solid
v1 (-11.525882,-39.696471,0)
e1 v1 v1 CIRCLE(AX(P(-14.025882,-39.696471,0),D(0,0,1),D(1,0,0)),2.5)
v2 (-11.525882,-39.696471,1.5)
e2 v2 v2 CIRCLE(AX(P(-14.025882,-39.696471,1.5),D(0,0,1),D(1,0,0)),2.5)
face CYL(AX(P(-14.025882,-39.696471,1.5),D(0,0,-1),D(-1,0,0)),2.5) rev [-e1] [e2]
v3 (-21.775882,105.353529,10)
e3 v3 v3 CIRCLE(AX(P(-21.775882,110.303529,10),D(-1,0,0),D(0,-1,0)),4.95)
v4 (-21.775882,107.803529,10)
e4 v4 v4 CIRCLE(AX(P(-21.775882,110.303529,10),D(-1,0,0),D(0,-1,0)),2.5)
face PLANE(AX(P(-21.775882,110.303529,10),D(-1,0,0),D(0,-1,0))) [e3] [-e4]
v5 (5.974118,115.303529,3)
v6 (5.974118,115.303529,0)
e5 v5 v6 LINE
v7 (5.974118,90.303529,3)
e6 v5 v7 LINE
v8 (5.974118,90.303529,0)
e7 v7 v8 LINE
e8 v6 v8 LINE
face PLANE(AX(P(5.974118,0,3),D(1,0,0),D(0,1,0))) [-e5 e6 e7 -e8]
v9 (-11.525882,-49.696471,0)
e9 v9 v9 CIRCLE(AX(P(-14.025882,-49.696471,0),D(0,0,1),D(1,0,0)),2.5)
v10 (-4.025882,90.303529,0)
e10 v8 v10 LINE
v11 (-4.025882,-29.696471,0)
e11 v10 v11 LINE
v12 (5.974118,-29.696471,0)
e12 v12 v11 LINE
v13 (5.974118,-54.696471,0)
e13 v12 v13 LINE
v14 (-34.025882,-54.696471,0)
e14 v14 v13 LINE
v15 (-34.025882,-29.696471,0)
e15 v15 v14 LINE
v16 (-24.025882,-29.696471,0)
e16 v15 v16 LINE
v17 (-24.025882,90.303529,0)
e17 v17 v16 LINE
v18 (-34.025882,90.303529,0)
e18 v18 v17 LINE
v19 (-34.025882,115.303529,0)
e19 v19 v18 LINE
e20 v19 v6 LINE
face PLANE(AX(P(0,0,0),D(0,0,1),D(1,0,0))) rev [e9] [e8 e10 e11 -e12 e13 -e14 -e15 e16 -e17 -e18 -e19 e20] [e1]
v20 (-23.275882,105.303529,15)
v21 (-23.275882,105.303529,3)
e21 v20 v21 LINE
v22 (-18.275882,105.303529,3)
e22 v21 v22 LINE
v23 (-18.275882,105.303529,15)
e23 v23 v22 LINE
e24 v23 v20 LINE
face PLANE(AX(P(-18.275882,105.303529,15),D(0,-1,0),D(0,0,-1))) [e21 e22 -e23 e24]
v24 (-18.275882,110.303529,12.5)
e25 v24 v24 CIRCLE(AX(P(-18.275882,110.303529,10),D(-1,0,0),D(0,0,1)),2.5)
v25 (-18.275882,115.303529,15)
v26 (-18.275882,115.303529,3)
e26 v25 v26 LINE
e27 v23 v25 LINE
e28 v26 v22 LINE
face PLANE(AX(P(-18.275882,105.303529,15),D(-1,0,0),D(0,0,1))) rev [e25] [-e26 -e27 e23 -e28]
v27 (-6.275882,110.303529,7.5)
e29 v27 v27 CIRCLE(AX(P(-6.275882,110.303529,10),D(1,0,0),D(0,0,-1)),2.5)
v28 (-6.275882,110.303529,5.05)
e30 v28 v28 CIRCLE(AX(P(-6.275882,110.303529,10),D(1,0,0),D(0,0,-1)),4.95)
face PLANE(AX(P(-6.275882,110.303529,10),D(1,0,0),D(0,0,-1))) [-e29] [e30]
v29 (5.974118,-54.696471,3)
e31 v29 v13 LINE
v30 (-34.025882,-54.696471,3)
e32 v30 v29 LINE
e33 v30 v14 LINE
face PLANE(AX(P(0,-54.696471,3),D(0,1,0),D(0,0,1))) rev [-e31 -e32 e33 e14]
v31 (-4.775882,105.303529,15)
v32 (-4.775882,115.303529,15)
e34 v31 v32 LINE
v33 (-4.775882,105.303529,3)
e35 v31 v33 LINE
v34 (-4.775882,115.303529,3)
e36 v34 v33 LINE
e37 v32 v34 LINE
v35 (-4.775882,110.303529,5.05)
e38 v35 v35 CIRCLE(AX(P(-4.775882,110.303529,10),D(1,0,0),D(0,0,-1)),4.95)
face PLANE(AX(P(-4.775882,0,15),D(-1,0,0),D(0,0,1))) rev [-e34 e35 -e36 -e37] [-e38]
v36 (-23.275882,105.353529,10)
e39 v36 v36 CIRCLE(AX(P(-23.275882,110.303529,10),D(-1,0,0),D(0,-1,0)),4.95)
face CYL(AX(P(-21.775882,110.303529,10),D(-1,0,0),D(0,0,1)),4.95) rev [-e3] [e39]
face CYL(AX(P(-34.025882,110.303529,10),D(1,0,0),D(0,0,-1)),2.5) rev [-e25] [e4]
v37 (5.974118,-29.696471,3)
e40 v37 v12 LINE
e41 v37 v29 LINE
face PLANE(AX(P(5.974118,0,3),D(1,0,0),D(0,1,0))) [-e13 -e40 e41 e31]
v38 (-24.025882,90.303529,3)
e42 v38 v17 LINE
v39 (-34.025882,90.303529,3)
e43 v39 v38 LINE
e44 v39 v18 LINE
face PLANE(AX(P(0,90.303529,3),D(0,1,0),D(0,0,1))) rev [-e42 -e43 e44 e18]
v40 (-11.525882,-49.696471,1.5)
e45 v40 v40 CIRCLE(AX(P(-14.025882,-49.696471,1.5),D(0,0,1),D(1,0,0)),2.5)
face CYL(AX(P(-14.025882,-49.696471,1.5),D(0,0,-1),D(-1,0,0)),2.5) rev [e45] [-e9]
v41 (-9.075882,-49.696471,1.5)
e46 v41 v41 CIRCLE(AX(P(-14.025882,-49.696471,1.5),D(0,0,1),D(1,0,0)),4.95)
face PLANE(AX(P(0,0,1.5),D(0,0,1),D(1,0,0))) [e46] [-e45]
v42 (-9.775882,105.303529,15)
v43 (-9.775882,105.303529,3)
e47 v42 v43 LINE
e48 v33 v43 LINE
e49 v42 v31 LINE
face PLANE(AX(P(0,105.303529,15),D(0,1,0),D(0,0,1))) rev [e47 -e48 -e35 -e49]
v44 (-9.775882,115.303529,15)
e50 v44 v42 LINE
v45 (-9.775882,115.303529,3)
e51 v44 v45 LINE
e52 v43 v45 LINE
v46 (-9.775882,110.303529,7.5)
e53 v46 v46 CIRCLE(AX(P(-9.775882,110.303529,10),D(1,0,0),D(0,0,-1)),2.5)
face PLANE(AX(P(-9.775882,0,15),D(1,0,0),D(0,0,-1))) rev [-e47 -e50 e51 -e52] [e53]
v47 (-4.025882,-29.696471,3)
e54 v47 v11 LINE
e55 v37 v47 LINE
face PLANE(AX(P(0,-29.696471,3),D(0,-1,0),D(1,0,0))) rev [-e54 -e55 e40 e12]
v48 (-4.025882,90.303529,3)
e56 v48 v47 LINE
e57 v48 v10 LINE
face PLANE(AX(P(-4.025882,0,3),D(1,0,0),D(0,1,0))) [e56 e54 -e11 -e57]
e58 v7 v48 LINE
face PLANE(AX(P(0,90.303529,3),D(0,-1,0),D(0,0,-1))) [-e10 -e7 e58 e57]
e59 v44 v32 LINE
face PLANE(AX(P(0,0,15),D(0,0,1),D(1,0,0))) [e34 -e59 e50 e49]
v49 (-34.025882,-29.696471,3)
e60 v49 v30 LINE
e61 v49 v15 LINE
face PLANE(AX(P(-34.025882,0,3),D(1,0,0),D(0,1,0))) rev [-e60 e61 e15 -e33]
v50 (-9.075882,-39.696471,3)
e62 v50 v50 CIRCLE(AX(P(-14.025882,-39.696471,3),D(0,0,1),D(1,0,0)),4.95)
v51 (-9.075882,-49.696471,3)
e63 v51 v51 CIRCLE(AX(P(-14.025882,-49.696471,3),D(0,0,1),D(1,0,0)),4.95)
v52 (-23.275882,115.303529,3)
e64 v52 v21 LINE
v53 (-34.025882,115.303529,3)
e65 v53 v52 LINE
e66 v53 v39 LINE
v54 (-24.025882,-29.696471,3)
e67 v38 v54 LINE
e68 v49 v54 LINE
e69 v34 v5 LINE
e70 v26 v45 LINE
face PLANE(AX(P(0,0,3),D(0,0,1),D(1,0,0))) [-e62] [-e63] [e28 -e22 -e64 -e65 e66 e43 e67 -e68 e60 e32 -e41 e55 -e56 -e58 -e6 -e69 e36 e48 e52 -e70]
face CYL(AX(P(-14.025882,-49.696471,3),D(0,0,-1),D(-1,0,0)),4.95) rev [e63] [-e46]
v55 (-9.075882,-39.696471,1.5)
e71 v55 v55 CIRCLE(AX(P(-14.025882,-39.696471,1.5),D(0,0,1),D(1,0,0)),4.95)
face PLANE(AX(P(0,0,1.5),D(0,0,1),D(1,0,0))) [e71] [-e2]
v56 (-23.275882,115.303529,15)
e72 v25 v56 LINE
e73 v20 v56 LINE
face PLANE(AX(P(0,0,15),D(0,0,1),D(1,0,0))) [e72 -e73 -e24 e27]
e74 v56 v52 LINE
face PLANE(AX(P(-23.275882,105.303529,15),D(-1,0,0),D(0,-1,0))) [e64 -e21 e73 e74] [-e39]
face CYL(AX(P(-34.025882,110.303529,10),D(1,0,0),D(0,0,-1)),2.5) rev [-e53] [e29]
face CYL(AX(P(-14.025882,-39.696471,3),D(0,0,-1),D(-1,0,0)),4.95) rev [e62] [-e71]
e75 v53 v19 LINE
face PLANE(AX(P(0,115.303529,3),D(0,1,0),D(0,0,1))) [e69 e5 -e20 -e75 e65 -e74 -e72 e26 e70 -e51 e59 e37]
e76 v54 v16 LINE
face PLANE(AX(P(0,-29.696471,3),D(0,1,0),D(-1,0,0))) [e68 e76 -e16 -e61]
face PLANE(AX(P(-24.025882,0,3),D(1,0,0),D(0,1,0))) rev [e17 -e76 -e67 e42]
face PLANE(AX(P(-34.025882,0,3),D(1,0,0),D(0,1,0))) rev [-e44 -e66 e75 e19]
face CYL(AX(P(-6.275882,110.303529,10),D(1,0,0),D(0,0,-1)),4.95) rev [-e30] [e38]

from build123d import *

# Parameters (mm, degrees)
SKETCH1_R             = 4.95
SKETCH1_W             = 5
SKETCH1_H             = 10
SKETCH1_W_2           = 8.5
BODY_DEPTH            = 3
SKETCH1_3_R           = 4.95
SKETCH1_3_R_2         = 2.5
MOUNT_INSETS_DEPTH    = 1.5
SKETCH1_5_W           = 5
SKETCH1_5_H           = 10
HINGE_DEPTH           = 15
SKETCH2_R             = 4.95
SKETCH2_R_2           = 2.5
HINGE_INSET_DEPTH     = 1.5
HINGE_START           = -17
SKETCH2_2_R           = 4.95
SKETCH2_2_R_2         = 2.5
HINGE_INSET2_DEPTH    = 1.5
SKETCH2_3_R           = 2.5
HINGE_SCREWHOLE_DEPTH = 120.897733068


with BuildPart() as part:
    # Sketch1 → Body (new body)
    # profile 1 of 4: a face of its own
    with BuildSketch(Plane.XY):
        Polygon((-23.27588231, 115.303529412), (-34.02588231, 115.303529412), (-34.02588231, 90.303529412), (-24.02588231, 90.303529412), (-24.02588231, -29.696470588), (-34.02588231, -29.696470588), (-34.02588231, -54.696470588), (5.97411769, -54.696470588), (5.97411769, -29.696470588), (-4.02588231, -29.696470588), (-4.02588231, 90.303529412), (5.97411769, 90.303529412), (5.97411769, 115.303529412), (-4.77588231, 115.303529412), (-4.77588231, 105.303529412), (-9.77588231, 105.303529412), (-18.27588231, 105.303529412), (-23.27588231, 105.303529412), align=None)
        with Locations((-14.02588231, -49.696470588)):
            Circle(SKETCH1_R, mode=Mode.SUBTRACT)
        with Locations((-14.02588231, -39.696470588)):
            Circle(SKETCH1_R, mode=Mode.SUBTRACT)
    # profile 2 of 4: a face of its own
    with BuildSketch(Plane.XY):
        with Locations((-20.77588231, 110.303529412)):
            Rectangle(SKETCH1_W, SKETCH1_H)
    # profile 3 of 4: a face of its own
    with BuildSketch(Plane.XY):
        with Locations((-14.02588231, 110.303529412)):
            Rectangle(SKETCH1_W_2, SKETCH1_H)
    # profile 4 of 4: a face of its own
    with BuildSketch(Plane.XY):
        with Locations((-7.27588231, 110.303529412)):
            Rectangle(SKETCH1_W, SKETCH1_H)
    extrude(amount=BODY_DEPTH)

    # Sketch1<3> → Mount Insets (add)
    # profile 1 of 2: a face of its own
    with BuildSketch(Plane.XY):
        with Locations((-14.02588231, -39.696470588)):
            Circle(SKETCH1_3_R)
        with Locations((-14.02588231, -39.696470588)):
            Circle(SKETCH1_3_R_2, mode=Mode.SUBTRACT)
    # profile 2 of 2: a face of its own
    with BuildSketch(Plane.XY):
        with Locations((-14.02588231, -49.696470588)):
            Circle(SKETCH1_3_R)
        with Locations((-14.02588231, -49.696470588)):
            Circle(SKETCH1_3_R_2, mode=Mode.SUBTRACT)
    extrude(amount=MOUNT_INSETS_DEPTH)

    # Sketch1<5> → Hinge (add)
    with BuildSketch(Plane.XY):
        with Locations((-7.27588231, 110.303529412)):
            Rectangle(SKETCH1_5_W, SKETCH1_5_H)
        with Locations((-20.77588231, 110.303529412)):
            Rectangle(SKETCH1_5_W, SKETCH1_5_H)
    extrude(amount=HINGE_DEPTH)

    # Sketch2 → Hinge Inset (cut)
    with BuildSketch(Plane(origin=(-4.77588231, 0, 0), x_dir=(0, 0, -1), z_dir=(1, 0, 0))):
        with Locations((-10, 110.303529412)):
            Circle(SKETCH2_R)
        with Locations((-10, 110.303529412)):
            Circle(SKETCH2_R_2, mode=Mode.SUBTRACT)
    extrude(amount=-HINGE_INSET_DEPTH, mode=Mode.SUBTRACT)

    # Sketch2<2> → Hinge Inset2 (cut)
    with BuildSketch(Plane(origin=(-4.77588231, 0, 0), x_dir=(0, 0, -1), z_dir=(1, 0, 0)).offset(HINGE_START)):
        with Locations((-10, 110.303529412)):
            Circle(SKETCH2_2_R)
        with Locations((-10, 110.303529412)):
            Circle(SKETCH2_2_R_2, mode=Mode.SUBTRACT)
    extrude(amount=-HINGE_INSET2_DEPTH, mode=Mode.SUBTRACT)

    # Sketch2<3> → Hinge Screwhole (cut, through all)
    with BuildSketch(Plane(origin=(-4.77588231, 0, 0), x_dir=(0, 0, -1), z_dir=(1, 0, 0))):
        with Locations(Location((-10, 110.303529412, 0), (0, 0, 270))):
            Circle(SKETCH2_3_R)
    extrude(amount=-HINGE_SCREWHOLE_DEPTH, mode=Mode.SUBTRACT)


solid = part.part
